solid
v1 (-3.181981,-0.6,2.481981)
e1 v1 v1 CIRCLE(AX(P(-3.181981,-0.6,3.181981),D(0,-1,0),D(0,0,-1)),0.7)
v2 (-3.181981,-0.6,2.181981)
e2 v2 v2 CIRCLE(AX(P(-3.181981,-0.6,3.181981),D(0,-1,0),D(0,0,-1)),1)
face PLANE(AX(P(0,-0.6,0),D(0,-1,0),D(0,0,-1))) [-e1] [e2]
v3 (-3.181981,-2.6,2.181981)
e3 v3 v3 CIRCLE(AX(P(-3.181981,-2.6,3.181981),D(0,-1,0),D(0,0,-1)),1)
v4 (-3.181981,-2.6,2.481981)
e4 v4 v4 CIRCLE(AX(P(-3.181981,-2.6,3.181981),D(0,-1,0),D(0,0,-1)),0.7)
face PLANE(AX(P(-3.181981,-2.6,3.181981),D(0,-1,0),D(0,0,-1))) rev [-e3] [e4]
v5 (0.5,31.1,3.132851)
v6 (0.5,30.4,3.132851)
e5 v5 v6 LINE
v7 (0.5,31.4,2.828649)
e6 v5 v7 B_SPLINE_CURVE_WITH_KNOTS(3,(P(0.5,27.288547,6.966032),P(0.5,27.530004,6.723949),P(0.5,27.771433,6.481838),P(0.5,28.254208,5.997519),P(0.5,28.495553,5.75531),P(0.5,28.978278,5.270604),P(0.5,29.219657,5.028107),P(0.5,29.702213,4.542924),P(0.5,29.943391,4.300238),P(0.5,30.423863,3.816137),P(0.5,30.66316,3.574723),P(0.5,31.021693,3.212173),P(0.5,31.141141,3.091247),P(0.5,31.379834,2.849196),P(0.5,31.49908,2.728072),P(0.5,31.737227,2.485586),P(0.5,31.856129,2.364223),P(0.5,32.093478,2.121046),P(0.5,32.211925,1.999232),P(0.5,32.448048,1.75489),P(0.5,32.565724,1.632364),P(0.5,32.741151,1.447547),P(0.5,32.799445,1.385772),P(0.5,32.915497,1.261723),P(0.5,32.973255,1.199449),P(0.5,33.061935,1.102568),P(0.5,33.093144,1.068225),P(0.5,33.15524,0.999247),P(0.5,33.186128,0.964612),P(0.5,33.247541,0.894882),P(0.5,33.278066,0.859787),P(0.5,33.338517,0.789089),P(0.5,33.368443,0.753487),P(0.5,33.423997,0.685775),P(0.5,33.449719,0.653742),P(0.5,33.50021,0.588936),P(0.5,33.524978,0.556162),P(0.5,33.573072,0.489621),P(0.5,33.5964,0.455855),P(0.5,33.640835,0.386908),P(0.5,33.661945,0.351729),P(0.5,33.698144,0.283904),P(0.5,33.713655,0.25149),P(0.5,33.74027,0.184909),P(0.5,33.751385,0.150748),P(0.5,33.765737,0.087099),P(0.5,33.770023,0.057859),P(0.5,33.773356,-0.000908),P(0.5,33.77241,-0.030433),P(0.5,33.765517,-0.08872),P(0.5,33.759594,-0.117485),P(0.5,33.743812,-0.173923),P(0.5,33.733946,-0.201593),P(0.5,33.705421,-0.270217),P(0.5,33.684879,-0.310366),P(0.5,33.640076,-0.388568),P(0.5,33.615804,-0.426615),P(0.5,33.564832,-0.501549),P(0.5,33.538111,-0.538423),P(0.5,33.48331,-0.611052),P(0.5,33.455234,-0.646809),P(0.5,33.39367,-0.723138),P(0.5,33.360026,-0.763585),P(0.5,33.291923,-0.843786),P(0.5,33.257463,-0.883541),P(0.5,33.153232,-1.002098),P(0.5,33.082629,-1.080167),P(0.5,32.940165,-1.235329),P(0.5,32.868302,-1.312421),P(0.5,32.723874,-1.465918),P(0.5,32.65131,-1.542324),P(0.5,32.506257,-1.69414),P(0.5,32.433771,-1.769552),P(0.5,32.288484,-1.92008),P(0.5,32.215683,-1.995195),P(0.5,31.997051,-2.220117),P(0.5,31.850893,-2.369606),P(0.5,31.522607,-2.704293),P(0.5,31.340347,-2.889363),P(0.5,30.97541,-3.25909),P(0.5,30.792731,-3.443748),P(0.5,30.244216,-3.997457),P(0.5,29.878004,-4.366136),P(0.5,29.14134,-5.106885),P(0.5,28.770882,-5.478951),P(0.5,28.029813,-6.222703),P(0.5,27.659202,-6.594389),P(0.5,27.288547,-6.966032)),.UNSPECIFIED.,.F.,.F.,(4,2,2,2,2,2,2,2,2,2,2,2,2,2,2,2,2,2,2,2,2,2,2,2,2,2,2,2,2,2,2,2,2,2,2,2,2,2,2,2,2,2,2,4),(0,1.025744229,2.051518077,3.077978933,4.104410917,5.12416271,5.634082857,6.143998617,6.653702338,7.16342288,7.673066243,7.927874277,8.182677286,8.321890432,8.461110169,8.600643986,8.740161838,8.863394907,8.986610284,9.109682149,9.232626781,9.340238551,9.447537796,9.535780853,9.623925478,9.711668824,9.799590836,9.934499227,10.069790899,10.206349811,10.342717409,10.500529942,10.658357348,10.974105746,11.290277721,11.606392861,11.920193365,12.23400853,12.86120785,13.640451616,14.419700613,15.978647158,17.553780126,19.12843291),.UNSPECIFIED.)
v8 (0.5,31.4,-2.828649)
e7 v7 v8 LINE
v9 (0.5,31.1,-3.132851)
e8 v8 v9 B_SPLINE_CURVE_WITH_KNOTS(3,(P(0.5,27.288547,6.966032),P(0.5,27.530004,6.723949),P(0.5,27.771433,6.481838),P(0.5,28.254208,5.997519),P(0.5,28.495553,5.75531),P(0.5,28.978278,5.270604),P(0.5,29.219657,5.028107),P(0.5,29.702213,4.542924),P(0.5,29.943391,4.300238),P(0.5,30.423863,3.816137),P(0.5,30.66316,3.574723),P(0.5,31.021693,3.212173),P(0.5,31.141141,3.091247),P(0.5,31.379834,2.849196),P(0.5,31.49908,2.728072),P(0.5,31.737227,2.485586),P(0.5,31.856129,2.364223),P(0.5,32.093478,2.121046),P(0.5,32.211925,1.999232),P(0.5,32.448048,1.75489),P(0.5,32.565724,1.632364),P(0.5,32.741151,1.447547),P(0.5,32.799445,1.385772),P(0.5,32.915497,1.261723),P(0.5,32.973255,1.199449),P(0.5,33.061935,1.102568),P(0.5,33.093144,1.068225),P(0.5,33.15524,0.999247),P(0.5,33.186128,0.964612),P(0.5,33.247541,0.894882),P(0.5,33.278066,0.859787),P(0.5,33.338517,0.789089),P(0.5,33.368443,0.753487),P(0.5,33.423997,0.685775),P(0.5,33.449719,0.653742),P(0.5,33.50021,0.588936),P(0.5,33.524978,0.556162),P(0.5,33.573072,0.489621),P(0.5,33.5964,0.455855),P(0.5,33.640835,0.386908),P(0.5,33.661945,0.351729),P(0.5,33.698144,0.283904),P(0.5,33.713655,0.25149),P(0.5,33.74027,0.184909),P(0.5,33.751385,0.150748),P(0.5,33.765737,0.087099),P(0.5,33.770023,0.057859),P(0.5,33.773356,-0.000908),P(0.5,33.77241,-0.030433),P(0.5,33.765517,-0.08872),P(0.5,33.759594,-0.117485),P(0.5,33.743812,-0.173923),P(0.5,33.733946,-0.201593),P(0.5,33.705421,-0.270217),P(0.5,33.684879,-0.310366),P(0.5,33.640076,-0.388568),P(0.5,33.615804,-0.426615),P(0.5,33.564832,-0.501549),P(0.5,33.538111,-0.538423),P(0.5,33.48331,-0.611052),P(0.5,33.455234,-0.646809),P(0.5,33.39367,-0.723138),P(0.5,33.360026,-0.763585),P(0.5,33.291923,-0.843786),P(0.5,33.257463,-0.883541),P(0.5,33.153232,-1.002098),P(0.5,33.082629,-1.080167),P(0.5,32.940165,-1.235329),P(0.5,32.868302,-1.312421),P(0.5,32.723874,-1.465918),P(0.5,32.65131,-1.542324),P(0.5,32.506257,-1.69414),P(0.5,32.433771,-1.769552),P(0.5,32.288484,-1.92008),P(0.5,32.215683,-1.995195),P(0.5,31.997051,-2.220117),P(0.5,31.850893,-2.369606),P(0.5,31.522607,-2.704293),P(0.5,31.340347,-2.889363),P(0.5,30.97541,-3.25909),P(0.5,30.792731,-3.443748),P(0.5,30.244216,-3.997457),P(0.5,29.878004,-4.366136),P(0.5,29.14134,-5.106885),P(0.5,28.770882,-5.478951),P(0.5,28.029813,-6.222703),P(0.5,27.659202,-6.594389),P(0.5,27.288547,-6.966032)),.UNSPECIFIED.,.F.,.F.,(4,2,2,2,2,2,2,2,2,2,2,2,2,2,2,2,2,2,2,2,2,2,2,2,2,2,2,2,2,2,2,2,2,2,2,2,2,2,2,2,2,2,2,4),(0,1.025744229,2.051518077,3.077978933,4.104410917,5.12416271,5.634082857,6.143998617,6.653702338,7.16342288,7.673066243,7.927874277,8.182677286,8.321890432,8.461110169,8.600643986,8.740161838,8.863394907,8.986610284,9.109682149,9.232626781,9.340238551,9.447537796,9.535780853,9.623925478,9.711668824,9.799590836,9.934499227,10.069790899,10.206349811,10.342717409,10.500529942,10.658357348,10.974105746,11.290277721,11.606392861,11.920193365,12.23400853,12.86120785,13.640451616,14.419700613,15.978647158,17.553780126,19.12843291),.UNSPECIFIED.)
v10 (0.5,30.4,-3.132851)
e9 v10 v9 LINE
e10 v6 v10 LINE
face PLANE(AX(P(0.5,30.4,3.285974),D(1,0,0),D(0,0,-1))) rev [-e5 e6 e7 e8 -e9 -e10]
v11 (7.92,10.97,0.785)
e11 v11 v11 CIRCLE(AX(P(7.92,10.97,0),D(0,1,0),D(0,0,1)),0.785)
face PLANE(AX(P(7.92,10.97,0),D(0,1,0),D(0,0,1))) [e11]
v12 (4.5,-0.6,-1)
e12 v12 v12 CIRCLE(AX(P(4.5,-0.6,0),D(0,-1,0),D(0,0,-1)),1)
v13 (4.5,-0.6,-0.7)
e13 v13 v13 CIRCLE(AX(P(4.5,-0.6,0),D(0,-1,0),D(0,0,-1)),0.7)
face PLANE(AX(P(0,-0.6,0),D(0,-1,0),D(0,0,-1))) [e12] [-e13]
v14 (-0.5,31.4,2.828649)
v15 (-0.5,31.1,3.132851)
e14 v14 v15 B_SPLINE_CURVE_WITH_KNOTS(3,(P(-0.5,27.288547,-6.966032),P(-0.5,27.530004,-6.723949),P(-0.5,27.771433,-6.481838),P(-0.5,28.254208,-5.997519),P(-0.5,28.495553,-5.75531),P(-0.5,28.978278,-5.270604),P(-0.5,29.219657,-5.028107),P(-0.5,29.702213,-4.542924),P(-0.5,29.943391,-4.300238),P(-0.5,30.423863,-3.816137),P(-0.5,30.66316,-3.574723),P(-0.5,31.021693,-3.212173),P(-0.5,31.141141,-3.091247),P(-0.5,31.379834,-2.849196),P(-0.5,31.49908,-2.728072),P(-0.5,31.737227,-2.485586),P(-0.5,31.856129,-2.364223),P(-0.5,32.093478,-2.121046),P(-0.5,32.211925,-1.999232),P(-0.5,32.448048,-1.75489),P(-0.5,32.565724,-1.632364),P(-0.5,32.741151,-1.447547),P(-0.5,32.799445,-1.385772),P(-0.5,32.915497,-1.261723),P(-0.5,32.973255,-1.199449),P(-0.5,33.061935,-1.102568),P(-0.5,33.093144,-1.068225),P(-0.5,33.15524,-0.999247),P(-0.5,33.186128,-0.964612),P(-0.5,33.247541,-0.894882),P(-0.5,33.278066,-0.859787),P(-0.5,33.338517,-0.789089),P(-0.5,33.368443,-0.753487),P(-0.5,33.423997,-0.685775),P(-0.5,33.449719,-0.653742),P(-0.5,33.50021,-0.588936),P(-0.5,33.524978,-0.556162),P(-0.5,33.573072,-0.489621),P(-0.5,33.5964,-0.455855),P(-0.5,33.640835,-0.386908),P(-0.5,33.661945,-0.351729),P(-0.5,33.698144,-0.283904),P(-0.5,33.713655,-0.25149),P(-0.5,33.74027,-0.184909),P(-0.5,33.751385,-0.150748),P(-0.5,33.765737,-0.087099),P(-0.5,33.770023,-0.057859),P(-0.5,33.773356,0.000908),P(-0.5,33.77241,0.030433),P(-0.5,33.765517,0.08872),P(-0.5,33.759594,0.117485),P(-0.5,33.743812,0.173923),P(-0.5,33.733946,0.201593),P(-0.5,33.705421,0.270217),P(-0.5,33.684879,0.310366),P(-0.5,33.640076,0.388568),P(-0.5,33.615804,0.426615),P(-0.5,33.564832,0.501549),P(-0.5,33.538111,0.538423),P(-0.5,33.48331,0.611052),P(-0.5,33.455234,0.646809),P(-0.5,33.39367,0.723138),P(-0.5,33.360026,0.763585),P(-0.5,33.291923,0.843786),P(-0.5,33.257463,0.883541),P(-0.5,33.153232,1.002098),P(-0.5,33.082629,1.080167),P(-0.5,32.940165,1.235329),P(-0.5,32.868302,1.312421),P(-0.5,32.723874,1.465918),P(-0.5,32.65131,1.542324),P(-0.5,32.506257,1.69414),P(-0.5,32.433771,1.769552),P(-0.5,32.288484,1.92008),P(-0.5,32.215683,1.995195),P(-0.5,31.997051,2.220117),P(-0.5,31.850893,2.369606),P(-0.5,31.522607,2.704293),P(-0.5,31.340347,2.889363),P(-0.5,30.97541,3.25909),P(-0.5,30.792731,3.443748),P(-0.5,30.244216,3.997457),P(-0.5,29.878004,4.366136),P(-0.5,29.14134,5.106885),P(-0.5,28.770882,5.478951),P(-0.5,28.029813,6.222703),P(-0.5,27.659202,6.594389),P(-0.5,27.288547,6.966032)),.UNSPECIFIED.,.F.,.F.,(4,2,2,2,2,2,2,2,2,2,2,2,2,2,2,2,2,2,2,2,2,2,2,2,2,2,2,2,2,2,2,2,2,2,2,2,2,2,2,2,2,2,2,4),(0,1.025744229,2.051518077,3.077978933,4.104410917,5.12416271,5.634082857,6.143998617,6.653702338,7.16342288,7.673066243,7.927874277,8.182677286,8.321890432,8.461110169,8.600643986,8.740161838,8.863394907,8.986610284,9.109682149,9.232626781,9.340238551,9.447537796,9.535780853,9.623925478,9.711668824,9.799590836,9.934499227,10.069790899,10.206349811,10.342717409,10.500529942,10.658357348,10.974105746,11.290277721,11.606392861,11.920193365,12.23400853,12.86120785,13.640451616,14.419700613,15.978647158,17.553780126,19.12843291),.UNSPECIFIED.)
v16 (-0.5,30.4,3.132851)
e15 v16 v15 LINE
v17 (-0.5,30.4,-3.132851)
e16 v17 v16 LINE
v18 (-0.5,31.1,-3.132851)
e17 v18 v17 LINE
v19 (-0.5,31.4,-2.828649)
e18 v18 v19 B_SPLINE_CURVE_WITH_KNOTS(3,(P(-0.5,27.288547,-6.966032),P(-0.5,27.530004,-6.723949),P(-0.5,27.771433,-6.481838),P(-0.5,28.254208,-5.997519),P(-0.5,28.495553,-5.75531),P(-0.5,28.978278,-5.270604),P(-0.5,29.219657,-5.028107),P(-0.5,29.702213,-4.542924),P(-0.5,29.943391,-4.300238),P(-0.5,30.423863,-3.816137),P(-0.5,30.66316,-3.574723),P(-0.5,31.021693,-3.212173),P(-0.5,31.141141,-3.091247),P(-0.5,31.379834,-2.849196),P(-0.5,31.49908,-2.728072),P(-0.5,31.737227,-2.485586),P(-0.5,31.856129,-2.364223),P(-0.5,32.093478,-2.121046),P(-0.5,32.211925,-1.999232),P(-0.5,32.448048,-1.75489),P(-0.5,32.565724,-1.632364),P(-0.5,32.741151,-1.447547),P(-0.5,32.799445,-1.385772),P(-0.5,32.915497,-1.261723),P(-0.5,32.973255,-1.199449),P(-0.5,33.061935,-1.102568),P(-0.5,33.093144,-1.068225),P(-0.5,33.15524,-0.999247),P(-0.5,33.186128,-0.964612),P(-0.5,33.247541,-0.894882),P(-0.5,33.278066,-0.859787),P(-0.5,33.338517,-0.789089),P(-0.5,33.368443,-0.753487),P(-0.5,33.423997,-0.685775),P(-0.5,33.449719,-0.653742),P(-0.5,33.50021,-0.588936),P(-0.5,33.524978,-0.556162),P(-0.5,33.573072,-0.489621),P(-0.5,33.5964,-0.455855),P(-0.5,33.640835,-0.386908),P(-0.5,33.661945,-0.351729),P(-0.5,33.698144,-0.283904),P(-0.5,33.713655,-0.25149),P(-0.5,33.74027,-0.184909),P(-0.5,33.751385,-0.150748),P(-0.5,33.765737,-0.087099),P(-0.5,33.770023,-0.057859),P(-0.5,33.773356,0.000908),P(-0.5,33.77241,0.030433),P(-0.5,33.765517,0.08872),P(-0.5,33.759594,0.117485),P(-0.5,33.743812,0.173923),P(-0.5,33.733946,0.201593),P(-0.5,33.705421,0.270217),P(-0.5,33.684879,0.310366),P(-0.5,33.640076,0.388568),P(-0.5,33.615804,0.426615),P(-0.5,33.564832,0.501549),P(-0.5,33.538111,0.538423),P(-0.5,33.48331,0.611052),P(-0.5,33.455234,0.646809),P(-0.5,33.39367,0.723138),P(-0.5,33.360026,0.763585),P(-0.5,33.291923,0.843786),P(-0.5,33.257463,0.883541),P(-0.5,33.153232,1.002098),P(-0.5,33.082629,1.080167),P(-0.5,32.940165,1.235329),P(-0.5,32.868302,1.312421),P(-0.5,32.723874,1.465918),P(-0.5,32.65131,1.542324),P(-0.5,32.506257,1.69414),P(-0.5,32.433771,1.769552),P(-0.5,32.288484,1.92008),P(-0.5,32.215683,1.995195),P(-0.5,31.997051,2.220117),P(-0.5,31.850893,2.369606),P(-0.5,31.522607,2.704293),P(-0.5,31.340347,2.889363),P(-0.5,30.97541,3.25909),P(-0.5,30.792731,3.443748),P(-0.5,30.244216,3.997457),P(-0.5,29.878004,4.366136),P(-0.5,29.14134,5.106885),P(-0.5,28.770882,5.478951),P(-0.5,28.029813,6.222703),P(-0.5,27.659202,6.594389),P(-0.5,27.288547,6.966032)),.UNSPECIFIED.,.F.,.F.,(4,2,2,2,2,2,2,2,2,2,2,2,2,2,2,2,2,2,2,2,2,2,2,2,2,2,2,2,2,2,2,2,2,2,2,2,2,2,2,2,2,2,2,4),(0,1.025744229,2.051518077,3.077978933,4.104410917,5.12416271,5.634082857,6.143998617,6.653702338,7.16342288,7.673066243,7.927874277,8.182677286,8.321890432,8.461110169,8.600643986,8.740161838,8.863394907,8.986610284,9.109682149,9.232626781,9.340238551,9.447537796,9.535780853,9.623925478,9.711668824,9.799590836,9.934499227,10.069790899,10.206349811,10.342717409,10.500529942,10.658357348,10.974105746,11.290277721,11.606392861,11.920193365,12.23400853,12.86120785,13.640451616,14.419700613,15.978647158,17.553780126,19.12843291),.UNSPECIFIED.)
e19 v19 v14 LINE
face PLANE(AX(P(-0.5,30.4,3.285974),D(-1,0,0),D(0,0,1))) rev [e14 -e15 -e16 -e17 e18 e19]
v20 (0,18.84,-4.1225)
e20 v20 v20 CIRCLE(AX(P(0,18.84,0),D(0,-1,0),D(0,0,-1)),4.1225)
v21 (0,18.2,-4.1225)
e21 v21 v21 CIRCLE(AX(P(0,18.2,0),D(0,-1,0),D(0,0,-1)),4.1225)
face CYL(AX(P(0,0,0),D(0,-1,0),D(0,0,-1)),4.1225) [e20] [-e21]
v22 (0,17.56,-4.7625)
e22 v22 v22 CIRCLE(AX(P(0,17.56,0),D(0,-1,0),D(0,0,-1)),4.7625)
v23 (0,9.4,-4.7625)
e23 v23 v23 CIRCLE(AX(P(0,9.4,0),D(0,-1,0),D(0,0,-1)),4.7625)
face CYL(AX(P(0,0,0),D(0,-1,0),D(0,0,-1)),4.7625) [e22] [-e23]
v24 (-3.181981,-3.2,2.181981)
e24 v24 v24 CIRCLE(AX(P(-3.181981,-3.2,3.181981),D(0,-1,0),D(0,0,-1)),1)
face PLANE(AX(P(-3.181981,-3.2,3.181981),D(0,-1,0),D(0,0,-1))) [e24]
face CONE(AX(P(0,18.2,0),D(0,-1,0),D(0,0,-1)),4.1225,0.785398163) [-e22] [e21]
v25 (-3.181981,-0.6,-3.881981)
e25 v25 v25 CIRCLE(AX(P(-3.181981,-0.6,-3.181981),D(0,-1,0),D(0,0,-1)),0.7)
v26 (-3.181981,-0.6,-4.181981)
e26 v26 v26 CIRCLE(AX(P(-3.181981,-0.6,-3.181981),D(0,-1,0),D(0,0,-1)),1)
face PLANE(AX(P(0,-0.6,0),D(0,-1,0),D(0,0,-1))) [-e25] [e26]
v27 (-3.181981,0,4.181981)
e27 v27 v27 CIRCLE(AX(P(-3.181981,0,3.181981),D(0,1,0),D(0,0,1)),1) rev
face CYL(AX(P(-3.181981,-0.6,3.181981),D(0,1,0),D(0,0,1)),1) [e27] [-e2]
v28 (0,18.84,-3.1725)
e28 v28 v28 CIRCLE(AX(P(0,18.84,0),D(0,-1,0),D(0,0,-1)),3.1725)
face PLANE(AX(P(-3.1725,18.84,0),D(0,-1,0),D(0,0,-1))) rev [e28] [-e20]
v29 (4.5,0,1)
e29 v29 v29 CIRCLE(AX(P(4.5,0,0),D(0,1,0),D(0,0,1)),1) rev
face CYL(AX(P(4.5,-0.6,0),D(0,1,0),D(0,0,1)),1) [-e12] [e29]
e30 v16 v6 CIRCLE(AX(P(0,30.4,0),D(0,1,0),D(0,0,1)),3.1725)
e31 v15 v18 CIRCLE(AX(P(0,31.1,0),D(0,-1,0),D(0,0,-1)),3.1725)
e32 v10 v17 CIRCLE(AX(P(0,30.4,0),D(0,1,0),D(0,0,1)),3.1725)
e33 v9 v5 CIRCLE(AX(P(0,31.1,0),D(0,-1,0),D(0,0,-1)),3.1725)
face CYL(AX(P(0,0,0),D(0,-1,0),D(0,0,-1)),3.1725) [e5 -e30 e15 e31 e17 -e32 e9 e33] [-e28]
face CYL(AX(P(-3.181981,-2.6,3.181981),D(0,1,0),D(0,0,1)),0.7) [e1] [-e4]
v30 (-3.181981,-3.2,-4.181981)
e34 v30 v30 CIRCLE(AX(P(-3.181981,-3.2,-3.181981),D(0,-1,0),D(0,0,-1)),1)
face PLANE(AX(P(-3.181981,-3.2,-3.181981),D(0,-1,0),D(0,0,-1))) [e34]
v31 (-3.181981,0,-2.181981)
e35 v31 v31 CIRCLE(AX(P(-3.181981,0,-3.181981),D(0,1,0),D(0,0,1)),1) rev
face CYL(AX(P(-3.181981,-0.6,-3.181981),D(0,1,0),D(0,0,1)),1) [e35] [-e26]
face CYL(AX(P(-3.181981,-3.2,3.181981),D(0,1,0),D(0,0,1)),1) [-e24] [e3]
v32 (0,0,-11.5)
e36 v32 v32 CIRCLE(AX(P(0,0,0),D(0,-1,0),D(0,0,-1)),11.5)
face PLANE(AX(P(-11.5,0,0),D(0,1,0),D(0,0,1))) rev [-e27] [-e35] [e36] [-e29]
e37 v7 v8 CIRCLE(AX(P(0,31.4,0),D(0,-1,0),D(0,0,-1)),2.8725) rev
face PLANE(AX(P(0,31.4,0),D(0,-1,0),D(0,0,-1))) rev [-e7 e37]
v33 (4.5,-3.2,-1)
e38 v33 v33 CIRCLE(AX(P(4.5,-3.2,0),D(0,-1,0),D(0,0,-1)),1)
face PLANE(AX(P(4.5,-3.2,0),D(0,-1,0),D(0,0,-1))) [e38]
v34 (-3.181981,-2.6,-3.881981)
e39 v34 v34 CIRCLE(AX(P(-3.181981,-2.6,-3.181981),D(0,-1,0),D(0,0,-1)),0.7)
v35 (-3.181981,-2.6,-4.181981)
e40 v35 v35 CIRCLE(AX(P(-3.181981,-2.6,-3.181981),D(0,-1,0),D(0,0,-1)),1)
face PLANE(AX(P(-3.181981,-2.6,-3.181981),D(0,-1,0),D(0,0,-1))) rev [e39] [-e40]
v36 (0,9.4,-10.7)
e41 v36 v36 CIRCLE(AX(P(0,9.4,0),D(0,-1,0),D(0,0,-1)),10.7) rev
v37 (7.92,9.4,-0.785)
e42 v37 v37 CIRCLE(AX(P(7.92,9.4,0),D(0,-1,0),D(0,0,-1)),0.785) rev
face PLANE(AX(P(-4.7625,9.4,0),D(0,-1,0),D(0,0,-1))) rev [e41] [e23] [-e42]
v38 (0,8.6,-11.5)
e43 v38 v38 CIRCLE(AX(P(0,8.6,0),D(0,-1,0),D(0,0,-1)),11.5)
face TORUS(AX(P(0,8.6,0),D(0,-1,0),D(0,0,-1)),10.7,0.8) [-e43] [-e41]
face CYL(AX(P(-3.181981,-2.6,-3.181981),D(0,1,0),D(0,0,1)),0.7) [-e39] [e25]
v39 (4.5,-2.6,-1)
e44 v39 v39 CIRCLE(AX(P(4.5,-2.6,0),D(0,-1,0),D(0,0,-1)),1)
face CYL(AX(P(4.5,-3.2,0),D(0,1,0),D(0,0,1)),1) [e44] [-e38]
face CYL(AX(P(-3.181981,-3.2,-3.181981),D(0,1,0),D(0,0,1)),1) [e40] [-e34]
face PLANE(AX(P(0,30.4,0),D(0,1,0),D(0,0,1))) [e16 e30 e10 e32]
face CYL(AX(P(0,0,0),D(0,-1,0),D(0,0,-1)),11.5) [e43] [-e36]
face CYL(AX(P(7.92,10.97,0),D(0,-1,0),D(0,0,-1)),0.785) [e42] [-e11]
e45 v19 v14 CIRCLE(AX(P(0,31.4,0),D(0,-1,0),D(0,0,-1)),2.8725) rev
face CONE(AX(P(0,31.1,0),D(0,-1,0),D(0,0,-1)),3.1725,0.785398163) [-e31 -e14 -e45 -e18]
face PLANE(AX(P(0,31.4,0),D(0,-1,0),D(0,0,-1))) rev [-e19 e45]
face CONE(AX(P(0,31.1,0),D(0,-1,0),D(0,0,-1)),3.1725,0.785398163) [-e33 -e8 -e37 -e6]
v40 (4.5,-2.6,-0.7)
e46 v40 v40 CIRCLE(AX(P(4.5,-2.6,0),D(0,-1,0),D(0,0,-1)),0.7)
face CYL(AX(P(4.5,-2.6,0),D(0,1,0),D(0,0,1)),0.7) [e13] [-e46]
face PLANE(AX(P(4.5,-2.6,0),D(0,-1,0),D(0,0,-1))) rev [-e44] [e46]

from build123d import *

# Parameters (mm, degrees)
CHAMFER1_SIZE       = 0.3
SKETCH2_W           = 1
SKETCH2_H           = 6.571948564
CUT_EXTRUDE1_DEPTH  = 1
FILLET1_R           = 0.8
SKETCH3_R           = 0.785
BOSS_EXTRUDE1_DEPTH = 1.57
SKETCH4_R           = 1
BOSS_EXTRUDE2_DEPTH = 0.6
SKETCH5_R           = 0.7
BOSS_EXTRUDE3_DEPTH = 2
SKETCH6_R           = 1
BOSS_EXTRUDE4_DEPTH = 0.6


with BuildPart() as part:
    # Sketch1 → Revolve1 (revolve)
    with BuildSketch(Plane.XY):
        Polygon((0, 0), (0, 31.4), (-3.1725, 31.4), (-3.1725, 18.84), (-4.1225, 18.84), (-4.1225, 18.2), (-4.7625, 17.56), (-4.7625, 9.4), (-11.5, 9.4), (-11.5, 0), align=None)
    revolve(axis=Axis((0, 0, 0), (0, 1, 0)))

    # Chamfer1
    chamfer1_edges = [part.edges().sort_by_distance(p)[0] for p in [
        (3.1725, 31.4, 0),
    ]]
    chamfer(chamfer1_edges, length=CHAMFER1_SIZE)

    # Sketch2 → Cut-Extrude1 (cut)
    with BuildSketch(Plane(origin=(0, 31.4, 0), x_dir=(1, 0, 0), z_dir=(0, 1, 0))):
        Rectangle(SKETCH2_W, SKETCH2_H)
    extrude(amount=-CUT_EXTRUDE1_DEPTH, mode=Mode.SUBTRACT)

    # Fillet1
    fillet1_edges = [part.edges().sort_by_distance(p)[0] for p in [
        (11.5, 9.4, 0),
    ]]
    fillet(fillet1_edges, radius=FILLET1_R)

    # Sketch3 → Boss-Extrude1 (add)
    with BuildSketch(Plane(origin=(0, 9.4, 0), x_dir=(1, 0, 0), z_dir=(0, 1, 0))):
        with Locations((7.92, 0)):
            Circle(SKETCH3_R)
    extrude(amount=BOSS_EXTRUDE1_DEPTH)

    # Sketch4 → Boss-Extrude2 (add)
    with BuildSketch(Plane.XZ):
        with Locations((4.5, 0)):
            Circle(SKETCH4_R)
        with Locations((-3.181980515, 3.181980515)):
            Circle(SKETCH4_R)
        with Locations((-3.181980515, -3.181980515)):
            Circle(SKETCH4_R)
    extrude(amount=BOSS_EXTRUDE2_DEPTH)

    # Sketch5 → Boss-Extrude3 (add)
    with BuildSketch(Plane.XZ.offset(0.6)):
        with Locations((-3.181980515, 3.181980515)):
            Circle(SKETCH5_R)
        with Locations((4.5, 0)):
            Circle(SKETCH5_R)
        with Locations((-3.181980515, -3.181980515)):
            Circle(SKETCH5_R)
    extrude(amount=BOSS_EXTRUDE3_DEPTH)

    # Sketch6 → Boss-Extrude4 (add)
    with BuildSketch(Plane.XZ.offset(2.6)):
        with Locations((-3.181980515, 3.181980515)):
            Circle(SKETCH6_R)
        with Locations((4.5, 0)):
            Circle(SKETCH6_R)
        with Locations((-3.181980515, -3.181980515)):
            Circle(SKETCH6_R)
    extrude(amount=BOSS_EXTRUDE4_DEPTH)


solid = part.part
